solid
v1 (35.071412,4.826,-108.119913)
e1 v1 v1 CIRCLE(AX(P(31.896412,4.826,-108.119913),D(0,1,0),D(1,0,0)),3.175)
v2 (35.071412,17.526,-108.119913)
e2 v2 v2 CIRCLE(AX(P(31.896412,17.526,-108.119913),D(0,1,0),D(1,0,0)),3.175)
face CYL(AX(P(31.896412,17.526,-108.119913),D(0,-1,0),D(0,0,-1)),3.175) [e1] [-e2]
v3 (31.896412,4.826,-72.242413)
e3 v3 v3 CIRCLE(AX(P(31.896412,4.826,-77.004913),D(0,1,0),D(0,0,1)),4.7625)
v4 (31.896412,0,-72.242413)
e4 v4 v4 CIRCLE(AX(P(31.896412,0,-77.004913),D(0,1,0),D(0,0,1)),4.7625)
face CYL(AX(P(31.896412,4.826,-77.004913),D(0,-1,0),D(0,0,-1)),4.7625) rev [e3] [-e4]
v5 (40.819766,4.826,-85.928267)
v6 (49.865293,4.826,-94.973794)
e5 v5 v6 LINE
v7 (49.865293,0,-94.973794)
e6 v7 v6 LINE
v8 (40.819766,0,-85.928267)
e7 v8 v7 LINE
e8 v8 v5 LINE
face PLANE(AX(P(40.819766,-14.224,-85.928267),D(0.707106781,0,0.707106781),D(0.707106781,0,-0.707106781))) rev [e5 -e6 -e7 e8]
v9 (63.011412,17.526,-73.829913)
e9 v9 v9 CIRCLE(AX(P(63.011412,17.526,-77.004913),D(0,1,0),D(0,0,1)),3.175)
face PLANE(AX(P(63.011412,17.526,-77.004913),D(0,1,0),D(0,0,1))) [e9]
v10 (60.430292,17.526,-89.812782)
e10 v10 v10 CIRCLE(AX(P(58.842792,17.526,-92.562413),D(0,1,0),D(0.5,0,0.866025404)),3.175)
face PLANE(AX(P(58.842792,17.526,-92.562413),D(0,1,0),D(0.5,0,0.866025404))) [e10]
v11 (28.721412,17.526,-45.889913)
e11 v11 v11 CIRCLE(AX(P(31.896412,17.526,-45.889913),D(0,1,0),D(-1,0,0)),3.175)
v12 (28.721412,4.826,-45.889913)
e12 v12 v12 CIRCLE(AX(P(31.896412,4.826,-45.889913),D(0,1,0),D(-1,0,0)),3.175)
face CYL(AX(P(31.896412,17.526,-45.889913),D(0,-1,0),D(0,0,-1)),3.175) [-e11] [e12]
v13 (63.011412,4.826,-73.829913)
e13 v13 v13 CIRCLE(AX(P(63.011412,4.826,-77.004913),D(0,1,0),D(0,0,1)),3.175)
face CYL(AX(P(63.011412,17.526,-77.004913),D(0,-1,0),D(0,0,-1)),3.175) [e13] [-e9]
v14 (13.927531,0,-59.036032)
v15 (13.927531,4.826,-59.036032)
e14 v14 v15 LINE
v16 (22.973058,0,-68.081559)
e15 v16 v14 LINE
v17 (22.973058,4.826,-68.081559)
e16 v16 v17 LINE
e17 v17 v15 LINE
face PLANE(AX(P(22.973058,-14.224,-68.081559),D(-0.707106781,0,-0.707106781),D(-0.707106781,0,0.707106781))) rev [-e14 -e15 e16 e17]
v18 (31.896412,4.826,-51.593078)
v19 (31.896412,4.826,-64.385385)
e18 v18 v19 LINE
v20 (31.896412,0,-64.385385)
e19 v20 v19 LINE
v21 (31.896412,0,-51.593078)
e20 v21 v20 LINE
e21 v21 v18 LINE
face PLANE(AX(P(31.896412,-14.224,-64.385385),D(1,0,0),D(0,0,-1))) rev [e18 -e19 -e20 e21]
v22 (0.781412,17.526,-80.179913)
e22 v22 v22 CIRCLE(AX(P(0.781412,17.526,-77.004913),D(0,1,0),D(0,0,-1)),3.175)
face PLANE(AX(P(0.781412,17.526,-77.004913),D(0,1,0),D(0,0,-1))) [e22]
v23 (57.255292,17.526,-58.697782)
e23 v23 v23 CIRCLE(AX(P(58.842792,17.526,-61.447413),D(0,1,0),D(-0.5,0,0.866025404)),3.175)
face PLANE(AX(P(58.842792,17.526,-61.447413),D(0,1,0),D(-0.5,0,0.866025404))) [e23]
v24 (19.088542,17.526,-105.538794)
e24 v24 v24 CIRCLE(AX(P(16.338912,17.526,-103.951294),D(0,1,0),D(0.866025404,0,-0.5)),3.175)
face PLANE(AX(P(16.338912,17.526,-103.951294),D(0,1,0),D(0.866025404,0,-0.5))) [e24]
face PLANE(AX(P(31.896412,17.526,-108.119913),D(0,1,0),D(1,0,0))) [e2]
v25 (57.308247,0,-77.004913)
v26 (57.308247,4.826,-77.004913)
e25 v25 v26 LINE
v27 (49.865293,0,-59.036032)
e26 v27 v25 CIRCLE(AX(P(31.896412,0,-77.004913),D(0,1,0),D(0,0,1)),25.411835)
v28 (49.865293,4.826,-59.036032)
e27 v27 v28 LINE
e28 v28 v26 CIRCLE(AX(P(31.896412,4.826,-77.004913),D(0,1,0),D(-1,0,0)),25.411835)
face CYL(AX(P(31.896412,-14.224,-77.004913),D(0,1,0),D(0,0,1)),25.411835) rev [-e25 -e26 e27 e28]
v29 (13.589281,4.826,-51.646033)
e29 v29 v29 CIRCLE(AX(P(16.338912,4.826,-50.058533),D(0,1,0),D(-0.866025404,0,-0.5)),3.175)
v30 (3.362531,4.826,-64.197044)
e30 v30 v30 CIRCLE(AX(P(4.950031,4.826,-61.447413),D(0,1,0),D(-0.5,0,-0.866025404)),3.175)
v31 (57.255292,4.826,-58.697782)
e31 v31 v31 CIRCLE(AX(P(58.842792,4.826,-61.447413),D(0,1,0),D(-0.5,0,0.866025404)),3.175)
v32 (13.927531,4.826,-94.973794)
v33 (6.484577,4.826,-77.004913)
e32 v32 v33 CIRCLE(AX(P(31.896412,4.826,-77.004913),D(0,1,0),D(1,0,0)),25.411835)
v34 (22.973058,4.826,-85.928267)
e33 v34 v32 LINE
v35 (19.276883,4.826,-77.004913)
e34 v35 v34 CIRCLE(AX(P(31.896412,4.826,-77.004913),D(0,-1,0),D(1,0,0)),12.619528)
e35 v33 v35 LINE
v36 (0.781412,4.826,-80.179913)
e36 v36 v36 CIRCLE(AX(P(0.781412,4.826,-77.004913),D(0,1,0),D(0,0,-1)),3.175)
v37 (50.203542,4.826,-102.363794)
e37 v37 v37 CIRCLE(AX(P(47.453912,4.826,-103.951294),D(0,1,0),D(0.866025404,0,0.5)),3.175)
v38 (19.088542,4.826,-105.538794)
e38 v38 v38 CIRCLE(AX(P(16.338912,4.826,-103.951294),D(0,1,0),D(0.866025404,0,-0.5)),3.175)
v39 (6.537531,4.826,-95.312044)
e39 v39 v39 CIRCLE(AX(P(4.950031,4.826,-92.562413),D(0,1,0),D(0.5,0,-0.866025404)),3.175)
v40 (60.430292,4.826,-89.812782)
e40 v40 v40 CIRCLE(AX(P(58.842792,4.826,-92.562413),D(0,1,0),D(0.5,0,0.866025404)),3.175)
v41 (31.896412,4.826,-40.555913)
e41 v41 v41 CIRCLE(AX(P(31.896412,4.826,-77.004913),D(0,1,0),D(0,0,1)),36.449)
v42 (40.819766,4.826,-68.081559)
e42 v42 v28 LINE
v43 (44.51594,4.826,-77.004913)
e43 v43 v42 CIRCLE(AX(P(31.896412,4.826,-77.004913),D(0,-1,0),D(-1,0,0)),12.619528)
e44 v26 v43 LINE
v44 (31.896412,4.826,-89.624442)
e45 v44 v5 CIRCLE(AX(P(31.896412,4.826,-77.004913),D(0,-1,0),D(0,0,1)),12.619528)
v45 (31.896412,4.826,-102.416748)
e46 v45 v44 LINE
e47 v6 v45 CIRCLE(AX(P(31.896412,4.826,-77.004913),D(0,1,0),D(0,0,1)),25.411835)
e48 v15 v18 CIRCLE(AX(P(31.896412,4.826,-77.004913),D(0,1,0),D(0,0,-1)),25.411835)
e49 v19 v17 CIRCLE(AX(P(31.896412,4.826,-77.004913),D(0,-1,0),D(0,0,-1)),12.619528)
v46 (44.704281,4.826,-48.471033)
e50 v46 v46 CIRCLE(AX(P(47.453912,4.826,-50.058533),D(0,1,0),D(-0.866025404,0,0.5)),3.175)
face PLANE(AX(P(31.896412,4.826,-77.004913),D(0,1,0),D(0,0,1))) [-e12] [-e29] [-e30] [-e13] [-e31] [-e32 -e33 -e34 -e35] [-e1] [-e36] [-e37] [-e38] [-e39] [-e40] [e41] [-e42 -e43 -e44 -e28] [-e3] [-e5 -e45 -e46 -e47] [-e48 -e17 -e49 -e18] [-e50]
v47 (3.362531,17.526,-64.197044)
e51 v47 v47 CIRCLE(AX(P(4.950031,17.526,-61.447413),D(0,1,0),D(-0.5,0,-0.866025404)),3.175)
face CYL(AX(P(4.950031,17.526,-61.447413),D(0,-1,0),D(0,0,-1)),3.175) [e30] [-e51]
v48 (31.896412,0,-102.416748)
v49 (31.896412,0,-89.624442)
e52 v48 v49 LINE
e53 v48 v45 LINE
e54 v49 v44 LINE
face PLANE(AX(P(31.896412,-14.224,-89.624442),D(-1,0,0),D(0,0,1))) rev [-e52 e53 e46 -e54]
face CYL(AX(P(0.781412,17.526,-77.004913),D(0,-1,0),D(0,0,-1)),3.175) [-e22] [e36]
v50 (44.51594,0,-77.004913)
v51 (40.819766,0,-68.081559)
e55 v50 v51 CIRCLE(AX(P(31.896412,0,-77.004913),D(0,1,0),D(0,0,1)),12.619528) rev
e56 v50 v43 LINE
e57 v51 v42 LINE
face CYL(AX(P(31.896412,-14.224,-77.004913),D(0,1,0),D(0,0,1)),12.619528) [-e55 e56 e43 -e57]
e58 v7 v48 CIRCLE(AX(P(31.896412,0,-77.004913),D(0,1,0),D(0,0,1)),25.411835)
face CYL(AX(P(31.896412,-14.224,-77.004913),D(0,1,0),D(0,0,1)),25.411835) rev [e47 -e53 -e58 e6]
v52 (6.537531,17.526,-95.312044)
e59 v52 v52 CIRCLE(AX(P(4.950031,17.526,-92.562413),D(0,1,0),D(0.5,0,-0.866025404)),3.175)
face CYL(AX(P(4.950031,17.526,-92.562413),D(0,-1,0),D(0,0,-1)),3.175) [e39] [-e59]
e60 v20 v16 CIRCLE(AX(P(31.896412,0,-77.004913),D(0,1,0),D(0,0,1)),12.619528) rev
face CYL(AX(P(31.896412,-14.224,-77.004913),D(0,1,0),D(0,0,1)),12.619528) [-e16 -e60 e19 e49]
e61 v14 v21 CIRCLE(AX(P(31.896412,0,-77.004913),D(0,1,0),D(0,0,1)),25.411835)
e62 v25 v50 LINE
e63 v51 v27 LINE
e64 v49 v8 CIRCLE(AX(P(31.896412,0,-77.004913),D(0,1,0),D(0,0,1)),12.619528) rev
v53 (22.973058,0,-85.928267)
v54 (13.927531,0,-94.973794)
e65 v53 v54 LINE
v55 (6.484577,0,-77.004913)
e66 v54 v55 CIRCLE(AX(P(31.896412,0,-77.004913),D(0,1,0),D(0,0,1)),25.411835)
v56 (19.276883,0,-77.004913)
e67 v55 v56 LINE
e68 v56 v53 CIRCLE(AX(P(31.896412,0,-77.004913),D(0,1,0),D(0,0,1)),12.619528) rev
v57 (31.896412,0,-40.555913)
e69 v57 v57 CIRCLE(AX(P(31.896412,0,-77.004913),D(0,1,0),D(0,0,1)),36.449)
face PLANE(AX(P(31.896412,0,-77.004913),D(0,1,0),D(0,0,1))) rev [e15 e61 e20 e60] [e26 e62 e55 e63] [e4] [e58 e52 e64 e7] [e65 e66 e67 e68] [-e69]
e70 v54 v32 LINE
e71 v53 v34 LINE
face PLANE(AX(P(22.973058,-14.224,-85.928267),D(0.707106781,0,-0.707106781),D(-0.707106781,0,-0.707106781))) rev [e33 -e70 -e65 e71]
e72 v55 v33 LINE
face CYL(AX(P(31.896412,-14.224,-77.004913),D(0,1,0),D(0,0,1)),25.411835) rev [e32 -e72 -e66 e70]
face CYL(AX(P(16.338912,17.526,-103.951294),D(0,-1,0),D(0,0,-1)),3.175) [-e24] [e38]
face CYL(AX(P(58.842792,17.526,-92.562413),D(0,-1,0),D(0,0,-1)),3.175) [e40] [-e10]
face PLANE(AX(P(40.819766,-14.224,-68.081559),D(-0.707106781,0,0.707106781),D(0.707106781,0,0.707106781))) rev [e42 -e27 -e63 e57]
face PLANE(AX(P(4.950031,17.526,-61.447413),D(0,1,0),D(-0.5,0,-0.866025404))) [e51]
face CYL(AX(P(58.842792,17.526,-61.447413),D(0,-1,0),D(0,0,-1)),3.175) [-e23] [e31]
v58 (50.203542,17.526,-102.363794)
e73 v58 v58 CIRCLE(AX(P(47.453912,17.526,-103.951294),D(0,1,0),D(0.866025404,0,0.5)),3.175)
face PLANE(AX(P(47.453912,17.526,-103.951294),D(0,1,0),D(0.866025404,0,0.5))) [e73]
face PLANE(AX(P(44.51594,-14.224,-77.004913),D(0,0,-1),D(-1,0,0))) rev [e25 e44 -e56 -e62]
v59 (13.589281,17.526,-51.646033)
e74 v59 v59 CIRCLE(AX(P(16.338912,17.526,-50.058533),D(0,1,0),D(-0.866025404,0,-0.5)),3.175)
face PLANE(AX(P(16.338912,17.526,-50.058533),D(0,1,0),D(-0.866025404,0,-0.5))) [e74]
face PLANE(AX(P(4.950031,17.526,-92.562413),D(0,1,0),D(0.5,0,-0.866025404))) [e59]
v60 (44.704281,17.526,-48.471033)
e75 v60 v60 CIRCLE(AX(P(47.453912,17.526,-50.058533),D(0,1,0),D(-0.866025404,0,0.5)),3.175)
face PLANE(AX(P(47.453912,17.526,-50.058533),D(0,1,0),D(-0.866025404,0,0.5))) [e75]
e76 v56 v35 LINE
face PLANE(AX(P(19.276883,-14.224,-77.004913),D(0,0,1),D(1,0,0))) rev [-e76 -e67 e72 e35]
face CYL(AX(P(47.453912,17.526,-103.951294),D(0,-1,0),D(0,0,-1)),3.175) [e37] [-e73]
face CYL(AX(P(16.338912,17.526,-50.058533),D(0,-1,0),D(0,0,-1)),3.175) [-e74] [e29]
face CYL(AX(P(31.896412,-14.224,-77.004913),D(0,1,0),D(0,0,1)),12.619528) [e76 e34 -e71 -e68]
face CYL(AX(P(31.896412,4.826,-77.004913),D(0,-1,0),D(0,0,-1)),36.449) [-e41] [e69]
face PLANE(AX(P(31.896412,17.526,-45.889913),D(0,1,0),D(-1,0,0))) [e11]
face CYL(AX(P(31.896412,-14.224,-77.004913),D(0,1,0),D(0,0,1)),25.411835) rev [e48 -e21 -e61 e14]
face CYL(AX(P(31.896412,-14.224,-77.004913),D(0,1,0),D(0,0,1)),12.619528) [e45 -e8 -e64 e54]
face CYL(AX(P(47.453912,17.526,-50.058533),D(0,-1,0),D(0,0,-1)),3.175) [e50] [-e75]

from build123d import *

# Parameters (mm, degrees)
SKETCH1_R         = 36.449
SKETCH1_R_2       = 4.7625
EXTRUDE1_DEPTH    = 4.826
SKETCH2_R         = 3.175
EXTRUDE2_DEPTH    = 12.7
CIRPATTERN1_COUNT = 12
EXTRUDE3_DEPTH    = 19.05
CIRPATTERN2_COUNT = 4


with BuildPart() as part:
    # Sketch1 → Extrude1 (new body)
    with BuildSketch(Plane(origin=(0, 0, 0), x_dir=(1, 0, 0), z_dir=(0, 1, 0))):
        with Locations(Location((31.896411717, 77.004913135, 0), (0, 0, 270))):  # turned: the seam where the file's is
            Circle(SKETCH1_R)
        with Locations(Location((31.896411717, 77.004913135, 0), (0, 0, 270))):  # turned: the seam where the file's is
            Circle(SKETCH1_R_2, mode=Mode.SUBTRACT)
    extrude(amount=EXTRUDE1_DEPTH)

    # Sketch2 → Extrude2 (add)
    with BuildSketch(Plane(origin=(0, 4.826, 0), x_dir=(1, 0, 0), z_dir=(0, 1, 0))):
        with Locations(Location((63.011411717, 77.004913135, 0), (0, 0, 270))):  # turned: the seam where the file's is
            Circle(SKETCH2_R)
    extrude2 = extrude(amount=EXTRUDE2_DEPTH)

    # CirPattern1: Extrude2 ×12 about axis
    cirpattern1_axis = Axis((31.896411717, 0, -77.004913135), (0, 1, 0))
    for i in range(1, CIRPATTERN1_COUNT):
        add(extrude2.rotate(cirpattern1_axis, i * 360 / CIRPATTERN1_COUNT))

    # Sketch3 → Extrude3 (cut)
    with BuildSketch(Plane(origin=(0, 4.826, 0), x_dir=(1, 0, 0), z_dir=(0, 1, 0))):
        with BuildLine():
            Line((31.896411717, 89.62444152), (31.896411717, 102.416748175))
            ThreePointArc((31.896411717, 102.416748175), (41.621099973, 100.482387412), (49.865292596, 94.973794014))
            Line((49.865292596, 94.973794014), (40.819765813, 85.928267231))
            ThreePointArc((40.819765813, 85.928267231), (36.725696154, 88.66383712), (31.896411717, 89.62444152))
        make_face()
    extrude3 = extrude(amount=-EXTRUDE3_DEPTH, mode=Mode.SUBTRACT)

    # CirPattern2: Extrude3 ×4 about axis
    cirpattern2_axis = Axis((31.896411717, 4.826, -77.004913135), (0, 1, 0))
    for i in range(1, CIRPATTERN2_COUNT):
        add(extrude3.rotate(cirpattern2_axis, i * 360 / CIRPATTERN2_COUNT), mode=Mode.SUBTRACT)


solid = part.part
